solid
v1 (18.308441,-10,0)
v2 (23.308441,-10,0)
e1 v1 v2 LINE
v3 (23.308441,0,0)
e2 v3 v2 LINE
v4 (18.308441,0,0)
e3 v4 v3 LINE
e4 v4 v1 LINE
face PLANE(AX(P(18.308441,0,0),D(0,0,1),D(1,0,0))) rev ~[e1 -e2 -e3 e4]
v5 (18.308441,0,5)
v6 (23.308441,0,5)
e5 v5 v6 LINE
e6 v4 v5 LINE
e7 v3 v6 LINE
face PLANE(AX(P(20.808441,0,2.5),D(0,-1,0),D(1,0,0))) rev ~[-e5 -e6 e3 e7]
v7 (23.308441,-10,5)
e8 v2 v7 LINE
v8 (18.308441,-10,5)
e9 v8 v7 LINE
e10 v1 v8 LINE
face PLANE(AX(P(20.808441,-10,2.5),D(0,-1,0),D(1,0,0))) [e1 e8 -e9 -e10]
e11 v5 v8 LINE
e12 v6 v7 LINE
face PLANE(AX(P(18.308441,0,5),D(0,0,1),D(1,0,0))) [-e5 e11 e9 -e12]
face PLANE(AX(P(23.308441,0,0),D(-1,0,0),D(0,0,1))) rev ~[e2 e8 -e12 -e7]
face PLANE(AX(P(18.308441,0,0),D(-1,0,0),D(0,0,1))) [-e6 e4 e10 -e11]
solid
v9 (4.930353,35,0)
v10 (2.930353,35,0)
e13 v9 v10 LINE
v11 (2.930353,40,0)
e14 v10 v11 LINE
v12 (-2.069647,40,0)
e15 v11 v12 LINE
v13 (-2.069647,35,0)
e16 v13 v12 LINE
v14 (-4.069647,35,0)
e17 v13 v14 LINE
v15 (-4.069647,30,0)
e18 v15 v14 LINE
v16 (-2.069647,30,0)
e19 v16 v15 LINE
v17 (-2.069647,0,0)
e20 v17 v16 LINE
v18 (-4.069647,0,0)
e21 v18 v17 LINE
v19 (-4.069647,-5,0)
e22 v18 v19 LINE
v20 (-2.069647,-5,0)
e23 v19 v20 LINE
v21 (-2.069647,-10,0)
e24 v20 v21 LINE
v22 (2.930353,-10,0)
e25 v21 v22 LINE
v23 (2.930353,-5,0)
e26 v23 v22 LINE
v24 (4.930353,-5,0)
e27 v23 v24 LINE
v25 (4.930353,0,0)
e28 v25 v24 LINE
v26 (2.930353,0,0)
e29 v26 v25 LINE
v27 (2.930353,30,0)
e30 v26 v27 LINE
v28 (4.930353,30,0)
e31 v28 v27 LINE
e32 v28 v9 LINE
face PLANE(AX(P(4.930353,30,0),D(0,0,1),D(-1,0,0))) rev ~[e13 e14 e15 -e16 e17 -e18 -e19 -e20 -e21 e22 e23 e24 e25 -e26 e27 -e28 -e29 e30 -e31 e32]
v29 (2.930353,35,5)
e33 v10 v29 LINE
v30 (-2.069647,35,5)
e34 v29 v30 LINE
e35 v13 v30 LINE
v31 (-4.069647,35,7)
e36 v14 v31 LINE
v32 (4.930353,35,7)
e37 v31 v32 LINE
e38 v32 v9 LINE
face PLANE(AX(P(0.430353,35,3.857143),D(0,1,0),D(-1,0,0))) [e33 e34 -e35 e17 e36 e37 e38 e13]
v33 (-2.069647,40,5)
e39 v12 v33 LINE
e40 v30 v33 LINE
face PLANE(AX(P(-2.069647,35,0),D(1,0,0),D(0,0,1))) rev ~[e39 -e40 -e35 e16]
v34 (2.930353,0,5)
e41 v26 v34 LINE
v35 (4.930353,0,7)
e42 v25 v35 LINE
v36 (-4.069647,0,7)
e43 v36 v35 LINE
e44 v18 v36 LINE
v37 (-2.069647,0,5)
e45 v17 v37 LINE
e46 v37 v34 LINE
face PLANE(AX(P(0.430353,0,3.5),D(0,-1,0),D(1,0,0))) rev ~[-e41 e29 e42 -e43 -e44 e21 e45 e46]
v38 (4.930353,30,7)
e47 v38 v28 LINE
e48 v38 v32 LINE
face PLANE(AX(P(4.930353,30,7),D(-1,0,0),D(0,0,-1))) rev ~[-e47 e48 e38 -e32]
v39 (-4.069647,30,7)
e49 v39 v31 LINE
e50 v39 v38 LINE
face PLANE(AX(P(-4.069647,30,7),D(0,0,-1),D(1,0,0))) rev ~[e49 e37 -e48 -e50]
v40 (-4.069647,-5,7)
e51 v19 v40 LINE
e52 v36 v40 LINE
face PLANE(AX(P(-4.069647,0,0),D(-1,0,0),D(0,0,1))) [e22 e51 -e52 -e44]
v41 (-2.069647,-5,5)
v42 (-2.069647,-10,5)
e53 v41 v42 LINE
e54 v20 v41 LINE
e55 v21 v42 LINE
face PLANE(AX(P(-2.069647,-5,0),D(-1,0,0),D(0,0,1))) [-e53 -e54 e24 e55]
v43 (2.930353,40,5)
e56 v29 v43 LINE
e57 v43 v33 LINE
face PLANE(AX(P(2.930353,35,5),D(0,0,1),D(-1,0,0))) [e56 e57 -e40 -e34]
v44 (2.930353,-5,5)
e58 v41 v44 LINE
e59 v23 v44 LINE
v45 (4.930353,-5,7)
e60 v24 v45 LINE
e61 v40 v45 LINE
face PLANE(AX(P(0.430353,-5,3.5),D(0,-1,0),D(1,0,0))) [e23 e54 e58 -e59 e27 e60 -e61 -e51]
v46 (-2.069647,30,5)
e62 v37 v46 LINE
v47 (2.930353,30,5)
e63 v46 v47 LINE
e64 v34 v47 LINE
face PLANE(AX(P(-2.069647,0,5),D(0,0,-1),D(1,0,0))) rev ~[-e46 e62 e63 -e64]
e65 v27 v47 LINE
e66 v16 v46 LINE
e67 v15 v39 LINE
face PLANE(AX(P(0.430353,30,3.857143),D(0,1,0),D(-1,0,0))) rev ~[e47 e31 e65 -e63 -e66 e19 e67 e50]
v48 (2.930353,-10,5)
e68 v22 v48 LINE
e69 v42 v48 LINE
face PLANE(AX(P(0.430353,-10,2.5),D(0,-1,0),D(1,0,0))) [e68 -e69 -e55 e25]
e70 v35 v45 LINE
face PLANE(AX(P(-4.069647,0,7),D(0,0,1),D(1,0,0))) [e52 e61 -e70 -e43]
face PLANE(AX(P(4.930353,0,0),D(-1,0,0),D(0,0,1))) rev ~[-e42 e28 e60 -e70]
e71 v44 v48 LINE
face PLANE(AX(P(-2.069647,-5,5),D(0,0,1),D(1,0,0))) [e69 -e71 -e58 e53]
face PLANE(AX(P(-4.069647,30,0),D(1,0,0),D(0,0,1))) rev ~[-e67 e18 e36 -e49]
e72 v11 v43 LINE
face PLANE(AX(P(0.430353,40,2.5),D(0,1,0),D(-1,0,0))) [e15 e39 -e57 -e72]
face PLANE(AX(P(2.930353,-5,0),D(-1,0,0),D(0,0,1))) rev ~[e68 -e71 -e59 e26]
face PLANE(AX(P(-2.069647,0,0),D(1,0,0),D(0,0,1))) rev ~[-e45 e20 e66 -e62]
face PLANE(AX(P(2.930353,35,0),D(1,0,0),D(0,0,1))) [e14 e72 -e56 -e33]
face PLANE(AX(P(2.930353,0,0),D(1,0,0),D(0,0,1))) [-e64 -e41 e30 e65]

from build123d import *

# Parameters (mm, degrees)
F0_W      = 9
F0_H      = 7
F1_DEPTH  = 5
F2_W      = 5
F2_H      = 5
F3_DEPTH  = 5
F4_W      = 5
F4_H      = 5
F5_DEPTH  = 30
F6_W      = 5
F6_H      = 5
F7_DEPTH  = 5
F8_W      = 5
F8_H      = 5
F9_DEPTH  = 5
F10_W     = 5
F10_H     = 5
F11_DEPTH = 10


with BuildPart() as f1:
    # F0 (on Front) → F1 (new body)
    with BuildSketch(Plane.XZ):
        with Locations((0.430352969, 3.5)):
            Rectangle(F0_W, F0_H)
    extrude(amount=F1_DEPTH)

    # F2 (on face) → F3 (join)
    with BuildSketch(Plane.XZ.offset(5)):
        with Locations((0.430352969, 2.5)):
            Rectangle(F2_W, F2_H)
    extrude(amount=F3_DEPTH)

    # F4 (on face) → F5 (join)
    with BuildSketch(Plane.XZ):
        with Locations((0.430352969, 2.5)):
            Rectangle(F4_W, F4_H)
    extrude(amount=-F5_DEPTH)

    # F6 (on face) → F7 (join)
    with BuildSketch(Plane(origin=(0, 30, 0), x_dir=(-1, 0, 0), z_dir=(0, 1, 0))):
        Polygon((-4.930352969, 7), (-4.930352969, 0), (-2.930352969, 0), (-2.930352969, 5), (2.069647031, 5), (2.069647031, 0), (4.069647031, 0), (4.069647031, 7), align=None)
        with Locations((-0.430352969, 2.5)):
            Rectangle(F6_W, F6_H)
    extrude(amount=F7_DEPTH)

    # F8 (on face) → F9 (join)
    with BuildSketch(Plane(origin=(0, 35, 0), x_dir=(-1, 0, 0), z_dir=(0, 1, 0))):
        with Locations((-0.430352969, 2.5)):
            Rectangle(F8_W, F8_H)
    extrude(amount=F9_DEPTH)


with BuildPart() as f11:
    # F10 (on Front) → F11 (new body)
    with BuildSketch(Plane.XZ):
        with Locations((20.8084413492, 2.5)):
            Rectangle(F10_W, F10_H)
    extrude(amount=F11_DEPTH)


solid = Compound([f1.part, f11.part])
